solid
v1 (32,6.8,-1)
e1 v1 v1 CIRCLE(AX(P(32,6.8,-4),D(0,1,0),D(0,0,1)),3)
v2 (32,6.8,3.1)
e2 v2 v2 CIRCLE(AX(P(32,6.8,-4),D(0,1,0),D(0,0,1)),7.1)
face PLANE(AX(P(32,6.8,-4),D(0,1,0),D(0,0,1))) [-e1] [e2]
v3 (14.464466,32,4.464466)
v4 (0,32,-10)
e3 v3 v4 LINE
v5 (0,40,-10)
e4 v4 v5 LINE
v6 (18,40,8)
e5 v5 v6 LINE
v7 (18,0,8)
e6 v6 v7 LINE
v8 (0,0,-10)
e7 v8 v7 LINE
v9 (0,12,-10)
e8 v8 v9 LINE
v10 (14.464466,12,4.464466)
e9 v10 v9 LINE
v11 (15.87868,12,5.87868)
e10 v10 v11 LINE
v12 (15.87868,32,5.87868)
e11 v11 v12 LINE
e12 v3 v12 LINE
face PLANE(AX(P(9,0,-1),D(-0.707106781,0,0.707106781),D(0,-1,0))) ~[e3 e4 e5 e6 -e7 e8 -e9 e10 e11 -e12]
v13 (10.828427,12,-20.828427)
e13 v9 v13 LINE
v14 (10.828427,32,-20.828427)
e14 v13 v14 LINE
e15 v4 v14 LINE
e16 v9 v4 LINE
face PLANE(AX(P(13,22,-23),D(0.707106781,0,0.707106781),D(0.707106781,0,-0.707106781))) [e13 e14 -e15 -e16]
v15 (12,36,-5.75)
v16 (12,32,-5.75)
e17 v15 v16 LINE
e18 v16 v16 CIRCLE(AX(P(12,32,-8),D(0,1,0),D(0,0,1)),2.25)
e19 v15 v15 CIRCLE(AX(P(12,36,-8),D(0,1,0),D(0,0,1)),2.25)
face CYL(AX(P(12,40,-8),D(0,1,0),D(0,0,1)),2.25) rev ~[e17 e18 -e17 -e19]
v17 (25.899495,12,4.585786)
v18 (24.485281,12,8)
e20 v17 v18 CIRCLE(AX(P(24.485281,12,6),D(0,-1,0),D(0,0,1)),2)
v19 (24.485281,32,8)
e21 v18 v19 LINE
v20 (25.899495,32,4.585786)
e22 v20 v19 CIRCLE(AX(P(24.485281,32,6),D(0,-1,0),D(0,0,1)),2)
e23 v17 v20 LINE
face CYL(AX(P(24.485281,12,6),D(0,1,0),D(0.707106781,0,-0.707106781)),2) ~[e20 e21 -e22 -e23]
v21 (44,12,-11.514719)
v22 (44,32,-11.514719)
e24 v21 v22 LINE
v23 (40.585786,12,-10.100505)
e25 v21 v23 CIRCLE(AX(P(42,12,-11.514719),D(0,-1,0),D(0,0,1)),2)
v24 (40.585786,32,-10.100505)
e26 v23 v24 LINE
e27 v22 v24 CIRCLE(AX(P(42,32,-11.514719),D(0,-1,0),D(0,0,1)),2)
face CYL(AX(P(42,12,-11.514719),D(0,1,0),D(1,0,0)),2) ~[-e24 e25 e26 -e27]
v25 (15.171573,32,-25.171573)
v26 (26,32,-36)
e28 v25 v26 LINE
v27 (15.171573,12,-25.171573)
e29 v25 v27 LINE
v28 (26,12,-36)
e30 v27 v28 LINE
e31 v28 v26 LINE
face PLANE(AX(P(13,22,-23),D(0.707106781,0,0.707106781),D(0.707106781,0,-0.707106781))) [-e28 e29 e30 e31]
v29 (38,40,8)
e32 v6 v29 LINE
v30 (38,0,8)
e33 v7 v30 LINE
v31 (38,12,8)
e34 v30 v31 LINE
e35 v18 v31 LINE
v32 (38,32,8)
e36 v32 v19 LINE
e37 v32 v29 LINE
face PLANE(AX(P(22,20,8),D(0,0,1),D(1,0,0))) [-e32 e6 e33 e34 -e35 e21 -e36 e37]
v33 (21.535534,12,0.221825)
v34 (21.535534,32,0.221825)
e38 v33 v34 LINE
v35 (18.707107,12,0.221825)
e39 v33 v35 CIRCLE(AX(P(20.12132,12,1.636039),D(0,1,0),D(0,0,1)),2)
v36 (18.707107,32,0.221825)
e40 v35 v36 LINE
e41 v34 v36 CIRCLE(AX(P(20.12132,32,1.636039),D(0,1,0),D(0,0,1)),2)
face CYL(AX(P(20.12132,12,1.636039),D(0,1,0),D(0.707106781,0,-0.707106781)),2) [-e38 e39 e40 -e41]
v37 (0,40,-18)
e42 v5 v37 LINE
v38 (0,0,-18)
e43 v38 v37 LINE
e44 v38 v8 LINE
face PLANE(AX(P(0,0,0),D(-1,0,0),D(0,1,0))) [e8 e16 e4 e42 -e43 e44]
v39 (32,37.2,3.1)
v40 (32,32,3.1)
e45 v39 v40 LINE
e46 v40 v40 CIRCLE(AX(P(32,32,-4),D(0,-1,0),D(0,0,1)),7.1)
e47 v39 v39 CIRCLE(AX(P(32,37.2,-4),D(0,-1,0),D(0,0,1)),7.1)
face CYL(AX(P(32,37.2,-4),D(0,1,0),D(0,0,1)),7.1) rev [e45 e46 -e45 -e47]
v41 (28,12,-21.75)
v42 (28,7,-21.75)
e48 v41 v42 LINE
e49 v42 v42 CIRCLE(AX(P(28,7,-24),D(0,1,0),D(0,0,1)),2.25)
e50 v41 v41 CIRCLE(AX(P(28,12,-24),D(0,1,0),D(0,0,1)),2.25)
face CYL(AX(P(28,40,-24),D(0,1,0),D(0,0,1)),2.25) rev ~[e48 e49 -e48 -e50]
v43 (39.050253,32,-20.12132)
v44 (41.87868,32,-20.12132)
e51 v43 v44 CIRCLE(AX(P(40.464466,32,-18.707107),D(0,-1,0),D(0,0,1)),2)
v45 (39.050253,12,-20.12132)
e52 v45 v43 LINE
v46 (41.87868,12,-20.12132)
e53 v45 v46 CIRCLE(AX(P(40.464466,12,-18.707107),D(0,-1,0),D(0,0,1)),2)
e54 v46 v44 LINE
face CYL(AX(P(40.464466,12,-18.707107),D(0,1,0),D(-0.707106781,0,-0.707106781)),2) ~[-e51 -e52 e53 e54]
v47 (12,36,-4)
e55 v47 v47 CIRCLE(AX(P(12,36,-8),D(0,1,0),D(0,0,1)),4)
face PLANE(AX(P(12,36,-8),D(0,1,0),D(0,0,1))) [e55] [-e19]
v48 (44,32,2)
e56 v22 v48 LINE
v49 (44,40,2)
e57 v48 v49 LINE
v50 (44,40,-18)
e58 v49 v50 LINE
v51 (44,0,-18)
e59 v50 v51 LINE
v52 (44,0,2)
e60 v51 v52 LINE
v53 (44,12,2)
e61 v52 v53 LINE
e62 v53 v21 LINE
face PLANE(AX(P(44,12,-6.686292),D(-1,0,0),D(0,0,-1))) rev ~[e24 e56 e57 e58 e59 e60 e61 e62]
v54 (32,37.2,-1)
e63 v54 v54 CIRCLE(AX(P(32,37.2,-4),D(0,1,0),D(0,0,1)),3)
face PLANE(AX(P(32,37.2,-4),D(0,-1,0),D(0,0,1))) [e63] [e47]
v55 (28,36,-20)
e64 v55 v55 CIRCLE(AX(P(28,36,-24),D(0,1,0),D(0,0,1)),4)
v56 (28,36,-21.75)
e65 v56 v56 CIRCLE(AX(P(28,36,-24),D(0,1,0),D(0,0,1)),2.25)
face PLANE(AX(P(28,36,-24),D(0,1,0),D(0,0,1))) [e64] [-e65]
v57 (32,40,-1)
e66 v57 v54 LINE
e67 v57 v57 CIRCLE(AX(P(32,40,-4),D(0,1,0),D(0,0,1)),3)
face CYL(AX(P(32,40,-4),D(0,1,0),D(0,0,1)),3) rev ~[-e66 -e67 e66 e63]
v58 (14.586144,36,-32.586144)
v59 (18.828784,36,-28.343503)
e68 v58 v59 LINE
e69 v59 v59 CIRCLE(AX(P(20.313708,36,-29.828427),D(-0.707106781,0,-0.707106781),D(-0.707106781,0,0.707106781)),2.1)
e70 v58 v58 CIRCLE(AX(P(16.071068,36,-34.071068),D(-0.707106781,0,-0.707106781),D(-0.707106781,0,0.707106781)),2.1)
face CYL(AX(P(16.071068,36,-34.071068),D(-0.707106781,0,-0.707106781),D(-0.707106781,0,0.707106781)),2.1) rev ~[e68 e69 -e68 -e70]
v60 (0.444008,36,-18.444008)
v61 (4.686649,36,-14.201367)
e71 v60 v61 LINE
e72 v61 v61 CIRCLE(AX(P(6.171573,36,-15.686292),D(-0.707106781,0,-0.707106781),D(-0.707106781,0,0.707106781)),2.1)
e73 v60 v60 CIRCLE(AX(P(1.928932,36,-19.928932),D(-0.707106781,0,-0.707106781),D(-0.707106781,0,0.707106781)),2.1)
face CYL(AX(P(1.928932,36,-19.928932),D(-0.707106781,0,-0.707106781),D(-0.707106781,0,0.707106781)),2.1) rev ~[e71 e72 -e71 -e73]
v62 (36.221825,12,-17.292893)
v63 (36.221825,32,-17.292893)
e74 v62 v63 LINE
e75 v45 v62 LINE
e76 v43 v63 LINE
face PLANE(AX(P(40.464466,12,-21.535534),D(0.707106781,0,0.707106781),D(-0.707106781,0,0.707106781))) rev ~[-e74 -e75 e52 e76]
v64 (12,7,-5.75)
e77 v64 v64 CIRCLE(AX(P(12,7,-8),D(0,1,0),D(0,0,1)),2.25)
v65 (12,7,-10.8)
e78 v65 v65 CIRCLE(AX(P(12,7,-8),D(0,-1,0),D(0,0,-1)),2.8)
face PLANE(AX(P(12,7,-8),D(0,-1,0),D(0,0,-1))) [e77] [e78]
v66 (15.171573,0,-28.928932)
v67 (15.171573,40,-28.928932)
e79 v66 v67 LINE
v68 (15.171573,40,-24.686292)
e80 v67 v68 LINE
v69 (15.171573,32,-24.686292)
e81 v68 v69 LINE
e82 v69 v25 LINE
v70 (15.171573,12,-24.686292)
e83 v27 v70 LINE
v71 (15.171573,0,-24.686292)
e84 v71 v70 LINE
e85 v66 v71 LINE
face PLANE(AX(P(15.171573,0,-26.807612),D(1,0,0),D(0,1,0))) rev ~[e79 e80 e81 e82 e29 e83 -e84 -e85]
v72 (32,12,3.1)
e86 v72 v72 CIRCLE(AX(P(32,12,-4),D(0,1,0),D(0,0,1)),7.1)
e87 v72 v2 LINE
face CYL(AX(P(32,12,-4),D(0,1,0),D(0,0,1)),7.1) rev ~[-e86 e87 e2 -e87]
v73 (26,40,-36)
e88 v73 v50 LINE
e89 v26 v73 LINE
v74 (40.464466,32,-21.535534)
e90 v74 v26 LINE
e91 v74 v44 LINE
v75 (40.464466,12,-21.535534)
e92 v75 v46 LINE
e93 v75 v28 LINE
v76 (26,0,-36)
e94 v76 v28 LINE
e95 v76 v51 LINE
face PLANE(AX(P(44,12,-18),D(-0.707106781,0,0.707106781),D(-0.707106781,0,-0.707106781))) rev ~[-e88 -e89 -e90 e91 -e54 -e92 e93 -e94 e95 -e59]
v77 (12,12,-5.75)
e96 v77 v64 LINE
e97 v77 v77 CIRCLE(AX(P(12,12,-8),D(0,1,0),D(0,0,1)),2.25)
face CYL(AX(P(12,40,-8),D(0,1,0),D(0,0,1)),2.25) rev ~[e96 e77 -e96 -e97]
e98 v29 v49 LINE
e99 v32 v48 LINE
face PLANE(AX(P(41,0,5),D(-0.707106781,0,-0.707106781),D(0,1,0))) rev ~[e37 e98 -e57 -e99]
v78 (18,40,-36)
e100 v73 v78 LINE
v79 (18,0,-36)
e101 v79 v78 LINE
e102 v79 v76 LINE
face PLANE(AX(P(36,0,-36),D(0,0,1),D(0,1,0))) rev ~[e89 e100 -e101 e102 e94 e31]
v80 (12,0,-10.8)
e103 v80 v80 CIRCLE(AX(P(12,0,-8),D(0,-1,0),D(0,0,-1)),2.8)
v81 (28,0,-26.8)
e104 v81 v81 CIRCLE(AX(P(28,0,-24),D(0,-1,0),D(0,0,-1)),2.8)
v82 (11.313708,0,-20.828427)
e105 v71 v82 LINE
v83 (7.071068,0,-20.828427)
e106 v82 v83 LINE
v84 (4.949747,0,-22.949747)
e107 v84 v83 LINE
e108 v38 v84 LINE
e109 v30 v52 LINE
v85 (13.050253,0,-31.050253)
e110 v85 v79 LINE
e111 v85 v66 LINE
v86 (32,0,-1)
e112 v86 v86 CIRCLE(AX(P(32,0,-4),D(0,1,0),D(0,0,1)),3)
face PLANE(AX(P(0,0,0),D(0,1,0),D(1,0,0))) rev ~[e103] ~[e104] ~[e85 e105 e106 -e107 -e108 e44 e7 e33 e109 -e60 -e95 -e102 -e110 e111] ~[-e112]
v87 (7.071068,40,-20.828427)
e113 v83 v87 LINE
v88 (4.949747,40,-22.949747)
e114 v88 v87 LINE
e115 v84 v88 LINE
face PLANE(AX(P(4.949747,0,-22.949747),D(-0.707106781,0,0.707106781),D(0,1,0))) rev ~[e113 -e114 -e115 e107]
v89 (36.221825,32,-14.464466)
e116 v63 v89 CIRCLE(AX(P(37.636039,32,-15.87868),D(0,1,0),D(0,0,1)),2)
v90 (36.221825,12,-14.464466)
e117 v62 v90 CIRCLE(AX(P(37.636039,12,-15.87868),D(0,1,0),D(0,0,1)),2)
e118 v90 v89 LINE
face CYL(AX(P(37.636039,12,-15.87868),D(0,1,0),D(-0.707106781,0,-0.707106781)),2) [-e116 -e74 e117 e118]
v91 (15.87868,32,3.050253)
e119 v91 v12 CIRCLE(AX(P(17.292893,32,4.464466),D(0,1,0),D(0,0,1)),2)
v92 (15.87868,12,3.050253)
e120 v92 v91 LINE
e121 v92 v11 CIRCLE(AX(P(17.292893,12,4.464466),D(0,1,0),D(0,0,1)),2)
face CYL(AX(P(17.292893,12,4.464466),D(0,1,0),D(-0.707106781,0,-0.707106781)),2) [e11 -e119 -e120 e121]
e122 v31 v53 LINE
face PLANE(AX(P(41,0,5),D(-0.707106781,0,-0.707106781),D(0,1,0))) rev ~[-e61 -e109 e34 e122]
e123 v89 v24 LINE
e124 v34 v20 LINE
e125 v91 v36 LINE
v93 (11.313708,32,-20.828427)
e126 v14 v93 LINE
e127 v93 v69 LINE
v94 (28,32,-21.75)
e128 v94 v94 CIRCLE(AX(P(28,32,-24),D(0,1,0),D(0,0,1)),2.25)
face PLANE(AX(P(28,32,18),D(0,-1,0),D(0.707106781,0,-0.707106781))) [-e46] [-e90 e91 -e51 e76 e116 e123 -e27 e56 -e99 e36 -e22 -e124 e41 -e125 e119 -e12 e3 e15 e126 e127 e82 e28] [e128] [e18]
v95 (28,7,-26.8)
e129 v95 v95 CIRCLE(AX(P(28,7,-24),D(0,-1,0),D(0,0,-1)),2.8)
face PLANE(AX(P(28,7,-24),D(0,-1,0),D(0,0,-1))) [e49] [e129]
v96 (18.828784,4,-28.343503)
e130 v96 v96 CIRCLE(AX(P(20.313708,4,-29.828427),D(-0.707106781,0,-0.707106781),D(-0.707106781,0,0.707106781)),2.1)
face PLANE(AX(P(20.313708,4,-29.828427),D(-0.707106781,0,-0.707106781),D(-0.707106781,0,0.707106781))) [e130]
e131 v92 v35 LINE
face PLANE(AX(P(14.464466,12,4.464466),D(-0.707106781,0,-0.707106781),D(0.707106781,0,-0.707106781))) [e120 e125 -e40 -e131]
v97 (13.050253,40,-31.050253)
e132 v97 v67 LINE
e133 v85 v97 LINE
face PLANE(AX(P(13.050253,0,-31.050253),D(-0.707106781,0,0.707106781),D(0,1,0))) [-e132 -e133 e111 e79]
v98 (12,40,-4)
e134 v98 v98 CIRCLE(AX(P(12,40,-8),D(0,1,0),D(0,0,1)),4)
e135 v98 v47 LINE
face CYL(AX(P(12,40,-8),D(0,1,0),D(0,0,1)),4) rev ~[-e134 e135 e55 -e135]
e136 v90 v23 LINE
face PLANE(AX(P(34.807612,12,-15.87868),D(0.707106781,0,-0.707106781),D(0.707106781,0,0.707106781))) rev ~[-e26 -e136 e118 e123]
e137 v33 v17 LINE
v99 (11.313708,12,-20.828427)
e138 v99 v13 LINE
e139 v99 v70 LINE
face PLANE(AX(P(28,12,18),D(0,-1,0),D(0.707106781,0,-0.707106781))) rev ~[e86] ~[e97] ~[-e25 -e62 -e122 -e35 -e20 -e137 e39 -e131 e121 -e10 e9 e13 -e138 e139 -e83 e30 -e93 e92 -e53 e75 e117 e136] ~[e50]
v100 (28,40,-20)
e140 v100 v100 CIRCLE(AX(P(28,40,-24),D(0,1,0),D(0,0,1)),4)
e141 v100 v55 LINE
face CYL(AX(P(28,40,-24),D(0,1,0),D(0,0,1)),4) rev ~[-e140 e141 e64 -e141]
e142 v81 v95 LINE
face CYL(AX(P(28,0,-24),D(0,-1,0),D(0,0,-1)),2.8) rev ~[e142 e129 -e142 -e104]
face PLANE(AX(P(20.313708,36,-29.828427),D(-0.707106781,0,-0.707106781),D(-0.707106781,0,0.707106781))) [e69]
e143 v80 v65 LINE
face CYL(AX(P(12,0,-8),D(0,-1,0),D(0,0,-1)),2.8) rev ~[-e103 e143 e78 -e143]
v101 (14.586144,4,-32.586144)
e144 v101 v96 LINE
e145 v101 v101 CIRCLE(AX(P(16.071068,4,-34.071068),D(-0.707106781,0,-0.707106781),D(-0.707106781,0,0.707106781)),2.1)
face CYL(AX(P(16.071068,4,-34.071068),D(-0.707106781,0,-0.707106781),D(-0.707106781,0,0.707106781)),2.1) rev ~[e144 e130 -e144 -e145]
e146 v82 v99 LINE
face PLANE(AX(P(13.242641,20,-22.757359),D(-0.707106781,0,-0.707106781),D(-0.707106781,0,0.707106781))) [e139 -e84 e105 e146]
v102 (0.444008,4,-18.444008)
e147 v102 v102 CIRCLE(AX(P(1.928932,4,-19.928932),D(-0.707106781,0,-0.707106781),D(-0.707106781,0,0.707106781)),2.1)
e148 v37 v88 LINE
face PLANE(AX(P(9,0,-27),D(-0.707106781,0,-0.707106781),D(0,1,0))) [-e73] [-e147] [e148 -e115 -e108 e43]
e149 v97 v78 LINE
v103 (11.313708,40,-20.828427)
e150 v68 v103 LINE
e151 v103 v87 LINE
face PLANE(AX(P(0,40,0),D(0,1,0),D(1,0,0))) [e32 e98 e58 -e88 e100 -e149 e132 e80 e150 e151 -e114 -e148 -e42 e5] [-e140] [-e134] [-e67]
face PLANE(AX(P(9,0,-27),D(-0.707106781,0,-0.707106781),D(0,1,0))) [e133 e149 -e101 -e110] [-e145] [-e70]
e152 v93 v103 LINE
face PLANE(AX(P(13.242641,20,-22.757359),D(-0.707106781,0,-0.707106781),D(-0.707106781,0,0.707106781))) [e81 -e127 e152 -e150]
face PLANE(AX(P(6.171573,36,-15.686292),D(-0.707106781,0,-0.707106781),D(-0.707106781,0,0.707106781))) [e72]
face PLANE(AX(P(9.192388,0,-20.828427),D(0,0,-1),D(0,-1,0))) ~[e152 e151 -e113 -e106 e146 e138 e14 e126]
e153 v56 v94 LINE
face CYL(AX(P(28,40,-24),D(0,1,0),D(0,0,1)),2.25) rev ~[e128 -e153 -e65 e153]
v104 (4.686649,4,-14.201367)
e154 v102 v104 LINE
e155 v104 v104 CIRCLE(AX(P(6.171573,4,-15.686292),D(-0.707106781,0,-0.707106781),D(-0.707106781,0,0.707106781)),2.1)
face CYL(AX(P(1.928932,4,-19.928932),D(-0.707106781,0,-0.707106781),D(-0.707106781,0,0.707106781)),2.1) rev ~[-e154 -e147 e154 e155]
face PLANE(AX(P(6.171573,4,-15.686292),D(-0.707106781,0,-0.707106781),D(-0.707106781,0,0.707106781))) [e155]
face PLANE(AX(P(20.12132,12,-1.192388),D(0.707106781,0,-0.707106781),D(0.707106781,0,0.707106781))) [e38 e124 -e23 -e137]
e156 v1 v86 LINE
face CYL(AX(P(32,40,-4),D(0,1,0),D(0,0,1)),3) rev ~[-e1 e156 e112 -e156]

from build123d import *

# Parameters (mm, degrees)
SKETCH9_W           = 36
SKETCH9_H           = 36
BOSS_EXTRUDE1_DEPTH = 40
CHAMFER2_SIZE       = 18
SKETCH10_W          = 36
SKETCH10_H          = 40
BOSS_EXTRUDE2_DEPTH = 8
SKETCH12_W          = 44
SKETCH12_H          = 40
BOSS_EXTRUDE3_DEPTH = 8
CHAMFER3_SIZE       = 18
CHAMFER4_SIZE       = 6
SKETCH13_W          = 36.769552622
SKETCH13_H          = 20
CUT_EXTRUDE6_DEPTH  = 39.59798
SKETCH14_R          = 3
CUT_EXTRUDE7_DEPTH  = 70.512588881
SKETCH15_R          = 7.1
CUT_EXTRUDE8_DEPTH  = 5.2
CUT_EXTRUDE9_START  = -5.2
SKETCH16_R          = 7.1
CUT_EXTRUDE9_DEPTH  = 5.2
BOSS_EXTRUDE4_DEPTH = 20
FILLET1_R           = 2
SKETCH19_R          = 2.25
CUT_EXTRUDE10_DEPTH = 70.512588881
SKETCH20_R          = 2.8
CUT_EXTRUDE11_DEPTH = 7
SKETCH21_R          = 4
CUT_EXTRUDE12_DEPTH = 4
SKETCH22_R          = 2.1
CUT_EXTRUDE13_DEPTH = 6
SKETCH23_W          = 11.455844123
SKETCH23_H          = 40
CUT_EXTRUDE14_DEPTH = 6
CHAMFER5_SIZE       = 3


with BuildPart() as part:
    # Sketch9 → Boss-Extrude1 (new body)
    with BuildSketch(Plane(origin=(0, 0, 0), x_dir=(1, 0, 0), z_dir=(0, 1, 0))):
        with Locations((18, 18)):
            Rectangle(SKETCH9_W, SKETCH9_H)
    extrude(amount=BOSS_EXTRUDE1_DEPTH)

    # Chamfer2
    chamfer2_edges = [part.edges().sort_by_distance(p)[0] for p in [
        (0, 20, -36),
    ]]
    chamfer(chamfer2_edges, length=CHAMFER2_SIZE)

    # Sketch10 → Boss-Extrude2 (add)
    with BuildSketch(Plane(origin=(36, 0, 0), x_dir=(0, 0, -1), z_dir=(1, 0, 0))):
        with Locations((18, 20)):
            Rectangle(SKETCH10_W, SKETCH10_H)
    extrude(amount=BOSS_EXTRUDE2_DEPTH)

    # Sketch12 → Boss-Extrude3 (add)
    with BuildSketch(Plane.XY):
        with Locations((22, 20)):
            Rectangle(SKETCH12_W, SKETCH12_H)
    extrude(amount=BOSS_EXTRUDE3_DEPTH)

    # Chamfer3
    chamfer3_edges = [part.edges().sort_by_distance(p)[0] for p in [
        (44, 20, -36),
        (0, 20, 8),
    ]]
    chamfer(chamfer3_edges, length=CHAMFER3_SIZE)

    # Chamfer4
    chamfer4_edges = [part.edges().sort_by_distance(p)[0] for p in [
        (44, 20, 8),
    ]]
    chamfer(chamfer4_edges, length=CHAMFER4_SIZE)

    # Sketch13 → Cut-Extrude6 (cut)
    with BuildSketch(Plane(origin=(23, 0, 23), x_dir=(0.7071067811865465, 0, -0.7071067811865487), z_dir=(0.7071067811865487, 0, 0.7071067811865465))):
        with Locations((25.455844123, 22)):
            Rectangle(SKETCH13_W, SKETCH13_H)
    extrude(amount=-CUT_EXTRUDE6_DEPTH, mode=Mode.SUBTRACT)

    # Sketch14 → Cut-Extrude7 (cut, through all)
    with BuildSketch(Plane(origin=(0, 40, 0), x_dir=(1, 0, 0), z_dir=(0, 1, 0))):
        with Locations(Location((32, 4, 0), (0, 0, 270))):
            Circle(SKETCH14_R)
    extrude(amount=-CUT_EXTRUDE7_DEPTH, mode=Mode.SUBTRACT)

    # Sketch15 → Cut-Extrude8 (cut)
    with BuildSketch(Plane(origin=(0, 12, 0), x_dir=(1, 0, 0), z_dir=(0, 1, 0))):
        with Locations(Location((32, 4, 0), (0, 0, 270))):
            Circle(SKETCH15_R)
    extrude(amount=-CUT_EXTRUDE8_DEPTH, mode=Mode.SUBTRACT)

    # Sketch16 → Cut-Extrude9 (cut)
    with BuildSketch(Plane(origin=(0, 32, 0), x_dir=(-1, 0, 0), z_dir=(0, -1, 0)).offset(CUT_EXTRUDE9_START)):
        with Locations(Location((-32, 4, 0), (0, 0, 270))):
            Circle(SKETCH16_R)
    extrude(amount=CUT_EXTRUDE9_DEPTH, mode=Mode.SUBTRACT)

    # Sketch18 → Boss-Extrude4 (add)
    with BuildSketch(Plane(origin=(0, 12, 0), x_dir=(1, 0, 0), z_dir=(0, 1, 0))):
        Polygon((40.464466094, 21.535533906), (34.807611845, 15.878679656), (44, 6.686291501), (44, 18), align=None)
        Polygon((14.464466094, -4.464466094), (20.121320344, 1.192388155), (29.313708499, -8), (18, -8), align=None)
    extrude(amount=BOSS_EXTRUDE4_DEPTH)

    # Fillet1
    fillet1_edges = [part.edges().sort_by_distance(p)[0] for p in [
        (14.464466094, 22, 4.464466094),
        (29.313708499, 22, 8),
        (20.121320344, 22, -1.192388155),
        (44, 22, -6.686291501),
        (40.464466094, 22, -21.535533906),
        (34.807611845, 22, -15.878679656),
    ]]
    fillet(fillet1_edges, radius=FILLET1_R)

    # Sketch19 → Cut-Extrude10 (cut, through all)
    with BuildSketch(Plane(origin=(0, 40, 0), x_dir=(1, 0, 0), z_dir=(0, 1, 0))):
        with Locations(Location((12, 8, 0), (0, 0, 270))):
            Circle(SKETCH19_R)
        with Locations(Location((28, 24, 0), (0, 0, 270))):
            Circle(SKETCH19_R)
    extrude(amount=-CUT_EXTRUDE10_DEPTH, mode=Mode.SUBTRACT)

    # Sketch20 → Cut-Extrude11 (cut)
    with BuildSketch(Plane(origin=(0, 0, 0), x_dir=(-1, 0, 0), z_dir=(0, -1, 0))):
        with Locations(Location((-12, 8, 0), (0, 0, 90))):
            Circle(SKETCH20_R)
        with Locations(Location((-28, 24, 0), (0, 0, 90))):
            Circle(SKETCH20_R)
    extrude(amount=-CUT_EXTRUDE11_DEPTH, mode=Mode.SUBTRACT)

    # Sketch21 → Cut-Extrude12 (cut)
    with BuildSketch(Plane(origin=(0, 40, 0), x_dir=(1, 0, 0), z_dir=(0, 1, 0))):
        with Locations(Location((28, 24, 0), (0, 0, 270))):
            Circle(SKETCH21_R)
        with Locations(Location((12, 8, 0), (0, 0, 270))):
            Circle(SKETCH21_R)
    extrude(amount=-CUT_EXTRUDE12_DEPTH, mode=Mode.SUBTRACT)

    # Sketch22 → Cut-Extrude13 (cut)
    with BuildSketch(Plane(origin=(-9, 0, -9), x_dir=(-0.7071067811865487, 0, 0.7071067811865465), z_dir=(-0.7071067811865465, 0, -0.7071067811865487))):
        with Locations((-15.455844123, 36)):
            Circle(SKETCH22_R)
        with Locations((-35.455844123, 36)):
            Circle(SKETCH22_R)
        with Locations((-35.455844123, 4)):
            Circle(SKETCH22_R)
        with Locations((-15.455844123, 4)):
            Circle(SKETCH22_R)
    extrude(amount=-CUT_EXTRUDE13_DEPTH, mode=Mode.SUBTRACT)

    # Sketch23 → Cut-Extrude14 (cut)
    with BuildSketch(Plane(origin=(-9, 0, -9), x_dir=(-0.7071067811865487, 0, 0.7071067811865465), z_dir=(-0.7071067811865465, 0, -0.7071067811865487))):
        with Locations((-25.455844123, 20)):
            Rectangle(SKETCH23_W, SKETCH23_H)
    extrude(amount=-CUT_EXTRUDE14_DEPTH, mode=Mode.SUBTRACT)

    # Chamfer5
    chamfer5_edges = [part.edges().sort_by_distance(p)[0] for p in [
        (17.292893219, 6, -26.807611845),
        (9.192388155, 6, -18.707106781),
    ]]
    chamfer(chamfer5_edges, length=CHAMFER5_SIZE)


solid = part.part
